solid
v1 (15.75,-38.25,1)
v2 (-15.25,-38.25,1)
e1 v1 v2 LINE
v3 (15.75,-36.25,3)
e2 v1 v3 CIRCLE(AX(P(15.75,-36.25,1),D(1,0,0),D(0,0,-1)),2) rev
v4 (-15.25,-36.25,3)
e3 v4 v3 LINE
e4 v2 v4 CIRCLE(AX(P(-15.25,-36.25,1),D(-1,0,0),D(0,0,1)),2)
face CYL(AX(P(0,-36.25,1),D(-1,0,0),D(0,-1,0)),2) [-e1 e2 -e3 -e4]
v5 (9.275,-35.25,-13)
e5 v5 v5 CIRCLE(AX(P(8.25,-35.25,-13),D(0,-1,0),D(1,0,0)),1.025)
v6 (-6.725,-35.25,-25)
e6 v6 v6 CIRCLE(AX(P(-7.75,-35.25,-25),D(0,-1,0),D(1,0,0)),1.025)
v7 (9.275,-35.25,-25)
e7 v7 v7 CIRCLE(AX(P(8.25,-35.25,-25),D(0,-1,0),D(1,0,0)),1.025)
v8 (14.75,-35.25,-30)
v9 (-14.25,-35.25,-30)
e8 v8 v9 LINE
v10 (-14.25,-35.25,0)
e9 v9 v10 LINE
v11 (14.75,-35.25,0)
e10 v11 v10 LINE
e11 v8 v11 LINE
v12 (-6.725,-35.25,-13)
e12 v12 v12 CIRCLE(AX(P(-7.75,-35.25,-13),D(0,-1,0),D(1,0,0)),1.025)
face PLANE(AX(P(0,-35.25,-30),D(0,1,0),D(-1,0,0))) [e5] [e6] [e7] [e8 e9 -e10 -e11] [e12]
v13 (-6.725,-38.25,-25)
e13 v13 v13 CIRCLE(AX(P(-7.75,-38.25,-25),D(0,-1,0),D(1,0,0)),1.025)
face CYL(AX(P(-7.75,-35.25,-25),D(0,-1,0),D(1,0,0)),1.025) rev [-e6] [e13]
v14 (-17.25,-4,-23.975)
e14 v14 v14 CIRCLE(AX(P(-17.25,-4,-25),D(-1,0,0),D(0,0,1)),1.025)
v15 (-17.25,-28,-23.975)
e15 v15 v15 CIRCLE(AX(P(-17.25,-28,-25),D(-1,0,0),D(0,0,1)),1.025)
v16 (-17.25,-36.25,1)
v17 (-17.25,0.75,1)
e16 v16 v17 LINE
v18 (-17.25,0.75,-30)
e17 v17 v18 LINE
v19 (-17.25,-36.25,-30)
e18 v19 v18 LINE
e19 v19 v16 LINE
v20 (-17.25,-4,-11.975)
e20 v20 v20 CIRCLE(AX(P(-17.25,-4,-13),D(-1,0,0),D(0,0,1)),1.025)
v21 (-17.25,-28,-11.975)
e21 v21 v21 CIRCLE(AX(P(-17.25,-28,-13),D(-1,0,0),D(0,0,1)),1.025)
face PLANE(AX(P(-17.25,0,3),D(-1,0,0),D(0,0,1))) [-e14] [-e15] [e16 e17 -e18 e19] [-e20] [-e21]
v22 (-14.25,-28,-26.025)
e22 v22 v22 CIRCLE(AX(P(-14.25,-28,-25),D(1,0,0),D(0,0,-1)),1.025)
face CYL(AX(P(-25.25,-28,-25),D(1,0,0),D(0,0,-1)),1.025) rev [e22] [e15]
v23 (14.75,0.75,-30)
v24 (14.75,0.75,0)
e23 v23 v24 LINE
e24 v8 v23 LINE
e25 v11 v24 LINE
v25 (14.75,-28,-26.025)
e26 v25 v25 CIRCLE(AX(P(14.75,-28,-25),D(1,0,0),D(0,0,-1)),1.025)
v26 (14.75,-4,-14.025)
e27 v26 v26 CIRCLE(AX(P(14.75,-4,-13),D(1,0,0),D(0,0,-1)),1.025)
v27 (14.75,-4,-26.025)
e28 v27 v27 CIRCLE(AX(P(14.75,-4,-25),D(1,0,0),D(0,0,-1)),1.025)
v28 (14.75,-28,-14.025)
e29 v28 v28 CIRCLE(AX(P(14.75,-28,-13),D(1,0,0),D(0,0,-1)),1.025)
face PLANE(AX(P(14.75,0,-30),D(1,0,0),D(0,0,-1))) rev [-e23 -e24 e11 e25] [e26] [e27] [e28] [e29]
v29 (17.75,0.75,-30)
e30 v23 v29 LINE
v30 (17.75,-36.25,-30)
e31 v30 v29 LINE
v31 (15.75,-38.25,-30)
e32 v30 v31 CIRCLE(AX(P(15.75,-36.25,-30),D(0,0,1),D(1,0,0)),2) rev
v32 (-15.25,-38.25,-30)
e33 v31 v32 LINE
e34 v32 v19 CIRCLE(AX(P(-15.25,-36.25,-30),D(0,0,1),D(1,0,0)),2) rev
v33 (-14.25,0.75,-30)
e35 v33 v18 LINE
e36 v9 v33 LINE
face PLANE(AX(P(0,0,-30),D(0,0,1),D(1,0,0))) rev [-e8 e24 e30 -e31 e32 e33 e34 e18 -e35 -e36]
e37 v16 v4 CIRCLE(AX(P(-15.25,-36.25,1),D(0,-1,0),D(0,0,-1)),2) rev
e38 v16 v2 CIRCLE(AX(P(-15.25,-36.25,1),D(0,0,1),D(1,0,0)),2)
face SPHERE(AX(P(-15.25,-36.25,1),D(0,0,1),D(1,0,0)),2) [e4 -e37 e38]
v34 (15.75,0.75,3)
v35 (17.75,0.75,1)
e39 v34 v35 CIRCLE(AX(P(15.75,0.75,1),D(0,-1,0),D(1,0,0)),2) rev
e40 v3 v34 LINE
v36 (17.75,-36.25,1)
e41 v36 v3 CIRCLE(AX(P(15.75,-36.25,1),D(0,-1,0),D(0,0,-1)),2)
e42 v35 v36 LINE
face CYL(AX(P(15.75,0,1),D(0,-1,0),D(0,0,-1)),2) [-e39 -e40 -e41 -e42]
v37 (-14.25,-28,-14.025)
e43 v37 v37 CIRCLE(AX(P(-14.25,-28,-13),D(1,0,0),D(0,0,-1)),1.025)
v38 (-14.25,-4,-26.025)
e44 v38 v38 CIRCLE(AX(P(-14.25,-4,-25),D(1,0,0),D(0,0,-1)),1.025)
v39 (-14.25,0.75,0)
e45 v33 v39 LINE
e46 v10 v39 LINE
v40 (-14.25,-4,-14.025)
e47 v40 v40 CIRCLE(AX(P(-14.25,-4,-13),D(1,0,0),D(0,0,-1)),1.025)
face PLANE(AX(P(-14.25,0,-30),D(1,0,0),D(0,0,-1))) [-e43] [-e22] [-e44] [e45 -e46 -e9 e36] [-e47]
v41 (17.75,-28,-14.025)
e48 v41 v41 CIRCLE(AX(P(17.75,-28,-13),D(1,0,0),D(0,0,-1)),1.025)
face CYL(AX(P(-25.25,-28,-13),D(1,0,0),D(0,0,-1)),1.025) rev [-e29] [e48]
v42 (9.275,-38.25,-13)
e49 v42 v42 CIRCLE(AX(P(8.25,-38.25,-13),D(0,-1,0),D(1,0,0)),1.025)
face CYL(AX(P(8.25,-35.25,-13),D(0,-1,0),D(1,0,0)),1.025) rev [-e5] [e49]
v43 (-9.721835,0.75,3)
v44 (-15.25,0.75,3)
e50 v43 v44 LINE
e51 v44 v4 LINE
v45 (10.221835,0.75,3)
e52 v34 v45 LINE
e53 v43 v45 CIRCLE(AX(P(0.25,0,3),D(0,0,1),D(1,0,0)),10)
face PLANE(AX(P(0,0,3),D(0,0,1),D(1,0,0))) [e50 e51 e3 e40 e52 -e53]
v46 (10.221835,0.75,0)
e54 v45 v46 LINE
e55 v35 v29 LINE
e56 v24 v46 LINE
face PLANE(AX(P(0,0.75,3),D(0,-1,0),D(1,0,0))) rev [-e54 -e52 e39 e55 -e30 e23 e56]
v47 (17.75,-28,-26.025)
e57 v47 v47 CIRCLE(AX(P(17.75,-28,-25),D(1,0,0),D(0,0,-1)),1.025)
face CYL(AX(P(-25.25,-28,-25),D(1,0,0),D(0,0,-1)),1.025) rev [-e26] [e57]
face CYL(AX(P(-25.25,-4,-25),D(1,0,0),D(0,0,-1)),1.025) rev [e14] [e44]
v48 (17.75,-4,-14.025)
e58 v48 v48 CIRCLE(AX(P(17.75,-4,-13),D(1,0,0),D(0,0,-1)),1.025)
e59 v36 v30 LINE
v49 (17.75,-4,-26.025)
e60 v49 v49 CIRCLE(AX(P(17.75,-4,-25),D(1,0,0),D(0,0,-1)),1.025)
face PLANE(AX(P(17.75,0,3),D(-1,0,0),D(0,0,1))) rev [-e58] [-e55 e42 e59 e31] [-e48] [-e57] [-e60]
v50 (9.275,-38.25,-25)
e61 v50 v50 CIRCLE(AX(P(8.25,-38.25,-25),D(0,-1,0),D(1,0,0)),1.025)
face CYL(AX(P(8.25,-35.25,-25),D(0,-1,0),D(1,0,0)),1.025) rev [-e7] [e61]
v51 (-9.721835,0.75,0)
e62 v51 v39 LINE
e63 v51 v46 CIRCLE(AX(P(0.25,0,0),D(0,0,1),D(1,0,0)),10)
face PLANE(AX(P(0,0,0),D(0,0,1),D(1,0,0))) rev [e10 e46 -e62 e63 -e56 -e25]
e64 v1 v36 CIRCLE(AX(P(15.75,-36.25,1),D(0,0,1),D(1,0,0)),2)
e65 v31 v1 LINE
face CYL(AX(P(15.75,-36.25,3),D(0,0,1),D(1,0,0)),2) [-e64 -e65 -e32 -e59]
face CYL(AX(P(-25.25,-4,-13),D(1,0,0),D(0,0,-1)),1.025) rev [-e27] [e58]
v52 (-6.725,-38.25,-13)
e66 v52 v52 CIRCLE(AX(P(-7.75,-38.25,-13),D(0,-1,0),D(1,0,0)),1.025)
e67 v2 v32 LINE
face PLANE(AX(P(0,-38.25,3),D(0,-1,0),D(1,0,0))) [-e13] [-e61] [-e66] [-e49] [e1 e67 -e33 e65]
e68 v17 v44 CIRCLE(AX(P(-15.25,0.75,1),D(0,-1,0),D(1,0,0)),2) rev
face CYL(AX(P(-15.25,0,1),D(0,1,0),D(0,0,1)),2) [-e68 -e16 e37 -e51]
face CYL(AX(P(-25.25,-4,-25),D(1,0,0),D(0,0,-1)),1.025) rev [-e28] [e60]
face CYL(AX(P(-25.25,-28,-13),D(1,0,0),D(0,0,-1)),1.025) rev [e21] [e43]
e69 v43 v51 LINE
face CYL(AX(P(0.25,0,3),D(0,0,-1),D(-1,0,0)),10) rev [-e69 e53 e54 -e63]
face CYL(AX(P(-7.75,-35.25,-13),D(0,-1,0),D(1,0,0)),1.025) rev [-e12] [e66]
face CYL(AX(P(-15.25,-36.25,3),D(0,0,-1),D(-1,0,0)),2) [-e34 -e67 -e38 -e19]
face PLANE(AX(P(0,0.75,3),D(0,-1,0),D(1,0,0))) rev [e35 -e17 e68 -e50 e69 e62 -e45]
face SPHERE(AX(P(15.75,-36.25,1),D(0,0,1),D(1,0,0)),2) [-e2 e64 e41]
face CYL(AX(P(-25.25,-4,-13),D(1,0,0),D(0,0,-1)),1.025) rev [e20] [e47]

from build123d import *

# Parameters (mm, degrees)
EXTRUDE_1_DEPTH     = 3
EXTRUDE_2_DEPTH     = 30
SKETCH_3_R          = 1.025
CUT_EXTRUDE_1_DEPTH = 43
SKETCH_4_R          = 1.025
CUT_EXTRUDE_2_DEPTH = 3
FILLET_1_R          = 2


with BuildPart() as part:
    # 스케치2 → 보스-돌출1 (new body)
    with BuildSketch(Plane.XY):
        with BuildLine():
            Line((17.75, 0.75), (10.221835338, 0.75))
            ThreePointArc((10.221835338, 0.75), (0.25, -10), (-9.721835338, 0.75))
            Line((-9.721835338, 0.75), (-17.25, 0.75))
            Line((-17.25, 0.75), (-17.25, -38.25))
            Line((-17.25, -38.25), (17.75, -38.25))
            Line((17.75, -38.25), (17.75, 0.75))
        make_face()
    extrude(amount=EXTRUDE_1_DEPTH)

    # 스케치2<6> → 보스-돌출2 (add)
    with BuildSketch(Plane.XY):
        Polygon((14.75, 0.75), (14.75, -35.25), (-14.25, -35.25), (-14.25, 0.75), (-17.25, 0.75), (-17.25, -38.25), (17.75, -38.25), (17.75, 0.75), align=None)
    extrude(amount=-EXTRUDE_2_DEPTH)

    # 스케치3 → 컷-돌출1 (cut)
    with BuildSketch(Plane(origin=(17.75, 0, 0), x_dir=(0, 0, -1), z_dir=(1, 0, 0))):
        with Locations((25, -4)):
            Circle(SKETCH_3_R)
        with Locations((13, -4)):
            Circle(SKETCH_3_R)
        with Locations((25, -28)):
            Circle(SKETCH_3_R)
        with Locations((13, -28)):
            Circle(SKETCH_3_R)
    extrude(amount=-CUT_EXTRUDE_1_DEPTH, mode=Mode.SUBTRACT)

    # 스케치4 → 컷-돌출2 (cut)
    with BuildSketch(Plane.XZ.offset(38.25)):
        with Locations((8.25, -25)):
            Circle(SKETCH_4_R)
        with Locations((-7.75, -25)):
            Circle(SKETCH_4_R)
        with Locations((-7.75, -13)):
            Circle(SKETCH_4_R)
        with Locations((8.25, -13)):
            Circle(SKETCH_4_R)
    extrude(amount=-CUT_EXTRUDE_2_DEPTH, mode=Mode.SUBTRACT)

    # 필렛1
    fillet_1_edges = [part.edges().sort_by_distance(p)[0] for p in [
        (-17.25, -18.75, 3),
        (-17.25, -38.25, -13.5),
        (17.75, -38.25, -13.5),
        (0.25, -38.25, 3),
        (17.75, -18.75, 3),
    ]]
    fillet(fillet_1_edges, radius=FILLET_1_R)


solid = part.part
